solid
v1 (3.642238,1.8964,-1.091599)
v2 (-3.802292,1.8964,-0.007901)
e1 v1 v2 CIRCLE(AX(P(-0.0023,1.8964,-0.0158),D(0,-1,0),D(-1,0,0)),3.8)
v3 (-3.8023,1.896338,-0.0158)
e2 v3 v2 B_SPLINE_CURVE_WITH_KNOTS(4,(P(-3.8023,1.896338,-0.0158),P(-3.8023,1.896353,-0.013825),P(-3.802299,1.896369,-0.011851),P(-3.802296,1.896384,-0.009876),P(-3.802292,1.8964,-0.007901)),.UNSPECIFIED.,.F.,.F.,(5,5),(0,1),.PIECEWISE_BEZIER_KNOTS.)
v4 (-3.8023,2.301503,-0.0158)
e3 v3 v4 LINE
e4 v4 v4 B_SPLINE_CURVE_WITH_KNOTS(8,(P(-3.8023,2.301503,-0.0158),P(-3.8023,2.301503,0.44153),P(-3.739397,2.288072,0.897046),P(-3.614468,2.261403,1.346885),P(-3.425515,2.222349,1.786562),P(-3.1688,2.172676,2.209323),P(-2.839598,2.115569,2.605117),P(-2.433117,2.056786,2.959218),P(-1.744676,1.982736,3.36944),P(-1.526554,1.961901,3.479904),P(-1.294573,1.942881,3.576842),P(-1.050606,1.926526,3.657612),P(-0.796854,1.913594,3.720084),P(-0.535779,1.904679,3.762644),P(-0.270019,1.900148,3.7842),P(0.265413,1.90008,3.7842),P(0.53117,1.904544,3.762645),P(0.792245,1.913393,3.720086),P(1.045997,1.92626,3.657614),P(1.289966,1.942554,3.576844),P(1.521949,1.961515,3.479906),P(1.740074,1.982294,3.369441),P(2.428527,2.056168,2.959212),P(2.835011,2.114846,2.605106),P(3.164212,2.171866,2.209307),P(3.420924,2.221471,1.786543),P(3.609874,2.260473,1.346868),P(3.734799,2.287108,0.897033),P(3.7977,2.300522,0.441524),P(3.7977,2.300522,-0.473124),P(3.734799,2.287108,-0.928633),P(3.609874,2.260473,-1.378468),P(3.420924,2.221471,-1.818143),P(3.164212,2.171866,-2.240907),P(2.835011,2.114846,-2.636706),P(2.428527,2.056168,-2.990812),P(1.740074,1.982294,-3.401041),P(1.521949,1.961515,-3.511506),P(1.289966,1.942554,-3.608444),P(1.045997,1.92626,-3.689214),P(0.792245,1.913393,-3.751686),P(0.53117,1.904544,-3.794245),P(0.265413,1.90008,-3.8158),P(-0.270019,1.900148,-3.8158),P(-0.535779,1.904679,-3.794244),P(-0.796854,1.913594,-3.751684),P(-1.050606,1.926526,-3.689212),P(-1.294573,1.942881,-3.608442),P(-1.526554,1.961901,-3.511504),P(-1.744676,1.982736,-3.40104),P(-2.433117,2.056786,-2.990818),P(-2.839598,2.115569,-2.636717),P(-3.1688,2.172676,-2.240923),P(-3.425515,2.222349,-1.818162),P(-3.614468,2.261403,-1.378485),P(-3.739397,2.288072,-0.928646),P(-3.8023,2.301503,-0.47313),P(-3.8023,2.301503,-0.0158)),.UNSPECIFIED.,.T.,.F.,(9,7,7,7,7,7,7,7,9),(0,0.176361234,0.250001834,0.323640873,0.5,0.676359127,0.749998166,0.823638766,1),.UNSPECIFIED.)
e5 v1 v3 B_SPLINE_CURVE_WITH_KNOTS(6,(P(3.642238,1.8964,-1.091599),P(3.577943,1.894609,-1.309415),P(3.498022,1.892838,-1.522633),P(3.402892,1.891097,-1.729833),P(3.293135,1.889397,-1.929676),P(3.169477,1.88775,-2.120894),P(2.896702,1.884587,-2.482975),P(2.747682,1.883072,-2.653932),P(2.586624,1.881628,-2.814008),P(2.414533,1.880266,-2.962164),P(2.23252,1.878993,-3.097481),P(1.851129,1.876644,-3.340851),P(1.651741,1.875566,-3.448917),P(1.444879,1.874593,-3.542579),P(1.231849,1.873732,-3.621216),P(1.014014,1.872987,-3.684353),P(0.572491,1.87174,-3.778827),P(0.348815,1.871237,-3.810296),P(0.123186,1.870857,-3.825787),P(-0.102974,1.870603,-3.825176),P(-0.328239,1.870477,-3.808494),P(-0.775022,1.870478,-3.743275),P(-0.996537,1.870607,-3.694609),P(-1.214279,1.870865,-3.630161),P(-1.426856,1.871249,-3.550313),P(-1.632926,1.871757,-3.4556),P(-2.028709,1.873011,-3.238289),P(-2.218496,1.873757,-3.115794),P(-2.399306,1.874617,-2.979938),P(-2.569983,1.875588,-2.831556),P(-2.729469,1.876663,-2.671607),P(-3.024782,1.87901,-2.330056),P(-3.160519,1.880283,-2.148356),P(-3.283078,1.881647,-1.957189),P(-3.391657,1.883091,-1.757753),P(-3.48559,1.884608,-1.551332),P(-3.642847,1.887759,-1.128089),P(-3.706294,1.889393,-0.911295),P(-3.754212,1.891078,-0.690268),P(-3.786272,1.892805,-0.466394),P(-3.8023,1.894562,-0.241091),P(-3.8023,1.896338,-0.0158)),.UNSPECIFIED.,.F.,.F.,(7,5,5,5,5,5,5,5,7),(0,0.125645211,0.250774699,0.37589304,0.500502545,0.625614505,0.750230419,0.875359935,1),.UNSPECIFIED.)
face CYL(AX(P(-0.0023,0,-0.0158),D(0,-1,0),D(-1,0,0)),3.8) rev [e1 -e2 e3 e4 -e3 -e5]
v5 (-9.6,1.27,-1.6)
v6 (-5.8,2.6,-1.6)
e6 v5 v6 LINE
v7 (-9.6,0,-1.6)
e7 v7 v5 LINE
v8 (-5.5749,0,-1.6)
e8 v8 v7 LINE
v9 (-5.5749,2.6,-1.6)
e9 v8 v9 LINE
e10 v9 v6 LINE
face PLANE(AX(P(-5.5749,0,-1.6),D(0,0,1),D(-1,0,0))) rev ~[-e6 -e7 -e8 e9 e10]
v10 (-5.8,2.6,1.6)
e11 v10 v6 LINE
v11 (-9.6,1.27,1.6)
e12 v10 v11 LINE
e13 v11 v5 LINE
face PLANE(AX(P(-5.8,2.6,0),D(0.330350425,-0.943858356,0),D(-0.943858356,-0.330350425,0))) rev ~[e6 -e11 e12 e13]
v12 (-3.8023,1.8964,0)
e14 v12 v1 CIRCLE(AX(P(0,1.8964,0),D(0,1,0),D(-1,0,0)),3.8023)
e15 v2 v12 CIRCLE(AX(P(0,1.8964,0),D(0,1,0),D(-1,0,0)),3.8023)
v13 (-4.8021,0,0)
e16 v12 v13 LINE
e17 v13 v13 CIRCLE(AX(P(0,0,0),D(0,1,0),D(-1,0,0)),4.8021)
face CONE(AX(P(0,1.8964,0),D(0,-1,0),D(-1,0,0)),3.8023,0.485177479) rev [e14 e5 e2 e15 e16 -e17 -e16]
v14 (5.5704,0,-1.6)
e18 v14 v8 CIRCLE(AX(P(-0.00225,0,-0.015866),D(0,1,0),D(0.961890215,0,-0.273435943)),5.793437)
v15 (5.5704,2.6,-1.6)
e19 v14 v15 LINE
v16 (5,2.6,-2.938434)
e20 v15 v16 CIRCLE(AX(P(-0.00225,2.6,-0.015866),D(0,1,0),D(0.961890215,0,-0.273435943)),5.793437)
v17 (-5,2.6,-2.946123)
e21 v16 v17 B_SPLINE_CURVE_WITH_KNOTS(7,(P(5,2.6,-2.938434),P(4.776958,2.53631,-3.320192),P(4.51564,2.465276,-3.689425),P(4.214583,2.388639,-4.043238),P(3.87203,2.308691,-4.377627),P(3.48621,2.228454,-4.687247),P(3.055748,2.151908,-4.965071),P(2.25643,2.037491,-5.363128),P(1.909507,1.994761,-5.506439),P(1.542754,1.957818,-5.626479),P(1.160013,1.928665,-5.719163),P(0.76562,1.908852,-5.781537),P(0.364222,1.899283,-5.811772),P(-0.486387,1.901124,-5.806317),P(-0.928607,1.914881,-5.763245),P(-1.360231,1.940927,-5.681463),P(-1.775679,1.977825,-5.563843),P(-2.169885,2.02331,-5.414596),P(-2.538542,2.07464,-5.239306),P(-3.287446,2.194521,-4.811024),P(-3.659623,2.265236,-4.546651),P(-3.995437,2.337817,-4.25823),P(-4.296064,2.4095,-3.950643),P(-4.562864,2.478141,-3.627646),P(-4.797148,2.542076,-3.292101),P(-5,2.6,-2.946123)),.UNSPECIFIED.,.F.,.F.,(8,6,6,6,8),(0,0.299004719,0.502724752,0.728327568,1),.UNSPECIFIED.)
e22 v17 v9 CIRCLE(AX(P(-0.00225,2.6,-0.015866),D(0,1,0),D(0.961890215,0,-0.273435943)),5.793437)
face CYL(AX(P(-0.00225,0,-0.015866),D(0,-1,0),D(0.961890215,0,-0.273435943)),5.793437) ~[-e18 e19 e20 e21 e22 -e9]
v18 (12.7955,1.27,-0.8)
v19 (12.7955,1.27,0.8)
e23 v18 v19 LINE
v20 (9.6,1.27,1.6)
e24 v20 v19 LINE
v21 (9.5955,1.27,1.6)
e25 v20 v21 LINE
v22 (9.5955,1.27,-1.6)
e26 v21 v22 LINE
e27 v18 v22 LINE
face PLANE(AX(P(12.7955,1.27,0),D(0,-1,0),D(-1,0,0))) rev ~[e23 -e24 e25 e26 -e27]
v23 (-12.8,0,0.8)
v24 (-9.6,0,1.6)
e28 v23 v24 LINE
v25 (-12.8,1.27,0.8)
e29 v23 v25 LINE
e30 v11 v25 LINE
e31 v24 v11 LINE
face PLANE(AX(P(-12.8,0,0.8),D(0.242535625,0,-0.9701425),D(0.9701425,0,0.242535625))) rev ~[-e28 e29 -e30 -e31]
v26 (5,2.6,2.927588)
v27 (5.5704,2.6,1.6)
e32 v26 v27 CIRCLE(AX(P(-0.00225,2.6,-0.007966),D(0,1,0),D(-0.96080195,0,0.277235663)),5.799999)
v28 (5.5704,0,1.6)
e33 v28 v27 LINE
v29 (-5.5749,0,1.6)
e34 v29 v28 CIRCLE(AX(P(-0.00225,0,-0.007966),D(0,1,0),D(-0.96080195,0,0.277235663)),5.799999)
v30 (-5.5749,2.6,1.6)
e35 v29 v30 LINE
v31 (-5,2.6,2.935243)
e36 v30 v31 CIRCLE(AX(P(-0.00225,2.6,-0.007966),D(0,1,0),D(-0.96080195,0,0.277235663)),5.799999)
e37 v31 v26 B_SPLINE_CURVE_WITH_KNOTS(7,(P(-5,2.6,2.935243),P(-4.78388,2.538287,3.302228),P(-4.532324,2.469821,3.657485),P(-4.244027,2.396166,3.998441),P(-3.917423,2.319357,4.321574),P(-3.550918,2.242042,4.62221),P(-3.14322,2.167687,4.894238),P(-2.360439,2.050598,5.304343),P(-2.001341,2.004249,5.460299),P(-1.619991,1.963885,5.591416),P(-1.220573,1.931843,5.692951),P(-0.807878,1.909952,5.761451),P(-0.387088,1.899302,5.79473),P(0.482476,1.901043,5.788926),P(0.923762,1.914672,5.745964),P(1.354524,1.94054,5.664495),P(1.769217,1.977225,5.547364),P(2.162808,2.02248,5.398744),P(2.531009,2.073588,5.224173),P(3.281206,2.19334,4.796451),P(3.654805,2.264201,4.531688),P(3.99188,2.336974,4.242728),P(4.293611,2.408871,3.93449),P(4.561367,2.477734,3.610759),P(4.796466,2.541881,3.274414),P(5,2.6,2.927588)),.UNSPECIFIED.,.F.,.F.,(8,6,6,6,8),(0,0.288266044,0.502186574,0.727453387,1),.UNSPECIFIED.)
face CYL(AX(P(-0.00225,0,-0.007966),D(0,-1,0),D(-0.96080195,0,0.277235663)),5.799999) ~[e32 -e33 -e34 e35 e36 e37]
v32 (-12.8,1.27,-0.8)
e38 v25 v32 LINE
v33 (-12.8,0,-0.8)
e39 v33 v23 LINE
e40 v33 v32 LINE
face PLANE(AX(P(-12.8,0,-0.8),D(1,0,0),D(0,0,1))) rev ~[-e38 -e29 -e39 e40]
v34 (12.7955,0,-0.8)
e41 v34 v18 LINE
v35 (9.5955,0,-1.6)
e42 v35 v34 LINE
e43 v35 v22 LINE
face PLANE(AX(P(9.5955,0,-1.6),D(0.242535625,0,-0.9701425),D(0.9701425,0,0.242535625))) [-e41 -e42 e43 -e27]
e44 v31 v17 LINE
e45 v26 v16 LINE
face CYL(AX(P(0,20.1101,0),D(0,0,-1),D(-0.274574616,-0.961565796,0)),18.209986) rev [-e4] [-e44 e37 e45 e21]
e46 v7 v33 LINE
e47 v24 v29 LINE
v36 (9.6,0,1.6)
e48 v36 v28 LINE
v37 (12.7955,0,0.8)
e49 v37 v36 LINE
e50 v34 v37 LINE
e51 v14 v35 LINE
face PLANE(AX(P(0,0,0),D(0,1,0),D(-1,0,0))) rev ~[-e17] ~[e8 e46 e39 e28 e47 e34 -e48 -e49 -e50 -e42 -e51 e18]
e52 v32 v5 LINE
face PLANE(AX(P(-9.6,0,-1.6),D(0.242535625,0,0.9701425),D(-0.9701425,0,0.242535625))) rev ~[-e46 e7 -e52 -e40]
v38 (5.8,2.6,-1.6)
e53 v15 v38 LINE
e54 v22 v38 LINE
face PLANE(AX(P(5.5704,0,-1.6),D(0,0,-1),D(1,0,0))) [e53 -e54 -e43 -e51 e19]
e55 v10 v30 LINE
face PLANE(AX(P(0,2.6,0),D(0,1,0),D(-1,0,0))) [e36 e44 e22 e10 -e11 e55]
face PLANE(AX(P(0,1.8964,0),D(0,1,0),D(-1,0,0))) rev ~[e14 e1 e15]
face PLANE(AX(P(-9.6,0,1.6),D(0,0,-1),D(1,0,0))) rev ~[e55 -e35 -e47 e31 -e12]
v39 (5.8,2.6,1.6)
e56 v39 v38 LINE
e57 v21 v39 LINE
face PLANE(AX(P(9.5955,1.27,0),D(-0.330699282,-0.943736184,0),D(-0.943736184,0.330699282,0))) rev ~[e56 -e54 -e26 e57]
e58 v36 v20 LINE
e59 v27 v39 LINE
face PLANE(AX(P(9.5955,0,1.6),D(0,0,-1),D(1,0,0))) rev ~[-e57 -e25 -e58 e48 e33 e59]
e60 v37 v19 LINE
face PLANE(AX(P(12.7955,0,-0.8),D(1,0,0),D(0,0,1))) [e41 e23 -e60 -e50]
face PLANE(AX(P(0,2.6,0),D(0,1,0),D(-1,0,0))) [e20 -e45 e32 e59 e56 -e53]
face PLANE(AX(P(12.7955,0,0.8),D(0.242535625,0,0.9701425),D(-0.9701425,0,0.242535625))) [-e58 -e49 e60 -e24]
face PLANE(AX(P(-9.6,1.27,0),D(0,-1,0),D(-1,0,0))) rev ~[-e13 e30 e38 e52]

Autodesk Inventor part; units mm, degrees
ref_plane "YZ Plane" through (0, 0, 0) normal (1, 0, 0) x (0, 1, 0)
ref_plane "XZ Plane" through (0, 0, 0) normal (0, 1, 0) x (-1, 0, 0)
ref_plane "XY Plane" through (0, 0, 0) normal (0, 0, 1) x (1, 0, 0)
sketch "Sketch1" plane through (0, 0, 0) normal (0, 1, 0) x (-1, 0, 0)
  circle A0 centre (0, 0) radius 4.8
  line L0 (5.5749, -1.6) -> (9.6, -1.6)
  line L1 (9.6, -1.6) -> (12.8, -0.8)
  line L2 (12.8, -0.8) -> (12.8, 0.8)
  line L3 (12.8, 0.8) -> (9.6, 1.6)
  line L4 (9.6, 1.6) -> (5.5749, 1.6)
  arc A1 (5.5749, 1.6) -> (-5.5704, 1.6) centre (0.0023, -0.0079) ccw
  line L5 (-5.5704, 1.6) -> (-9.6, 1.6)
  line L6 (-5.5704, -1.6) -> (-9.5955, -1.6)
  line L7 (-9.5955, -1.6) -> (-12.7955, -0.8)
  line L8 (-12.7955, -0.8) -> (-12.7955, 0.8)
  line L9 (-12.7955, 0.8) -> (-9.5955, 1.6)
  line L10 (-9.5955, 1.6) -> (-5.5704, 1.6)
  arc A2 (-5.5704, -1.6) -> (5.5749, -1.6) centre (0.0023, -0.0158) ccw
  circle A3 centre (0.0023, -0.0158) radius 3.8
  point P0 (-9.6, -1.207)
  dimension "d0" = 9.6
  dimension "d9" = 7.6
extrude "Extrusion1" add sketch "Sketch1" along normal blind 2.6 contours A0 | A2 L6 L7 L8 L9 L5 A1 L4 L3 L2 L1 L0
sketch "Sketch16" plane through (0, 0, 0) normal (0, 0, 1) x (1, 0, 0)
  line L0 (12.7955, 0) -> (12.7955, 2.6) projected
  line L1 (12.7955, 1.27) -> (9.5955, 1.27)
  line L2 (9.5955, 0) -> (9.5955, 2.6) projected
  line L3 (9.5955, 1.27) -> (5.8, 2.6)
  arc A0 (-5, 2.6) -> (5, 2.6) centre (0, 20.1101) ccw
  line L4 (-9.6, 0) -> (-9.6, 2.6) projected
  line L5 (12.7955, 1.27) -> (12.7955, 5.6941)
  line L6 (-12.8, 0) -> (-12.8, 2.6) projected
  line L7 (-12.8, 1.27) -> (-12.8, 6.6119)
  line L8 (-12.8, 6.6119) -> (12.7955, 5.6941)
  line L9 (5.8, 2.6) -> (5, 2.6)
  line L10 (-5, 2.6) -> (-5.8, 2.6)
  line L11 (-5.8, 2.6) -> (-9.6, 1.27)
  line L12 (-9.6, 1.27) -> (-12.8, 1.27)
  line L13 (9.5955, 1.27) -> (5.8, 2.6)
  line L14 (9.5955, 1.27) -> (5.8, 2.6)
  line L15 (5.8, 2.6) -> (5, 2.6)
  point P0 (0, 0)
  dimension "d5" = 10
  dimension "d6" = 18.21
extrude "Extrusion3" cut sketch "Sketch16" along normal mid plane 12
sketch "Sketch17" plane through (0, 0, 0) normal (0, 0, 1) x (1, 0, 0)
  point P0 (0, 0)
sketch "Sketch18" plane through (0, 0, 0) normal (0, 0, 1) x (1, 0, 0)
  line L0 (-3.8023, 0) -> (-3.8023, 2.3015) projected
  line L1 (-3.8023, 1.8964) -> (0, 1.8964)
  line L2 (3.7977, 0) -> (3.7977, 2.3005) projected
  line L3 (-5.5749, 0) -> (5.5704, 0) projected
  line L4 (3.7977, 1.8964) -> (5.9415, 1.8964) construction
  line L5 (-3.8023, 1.8964) -> (-4.8021, 0)
  line L6 (-3.8023, 1.8964) -> (-1.6585, 1.8964) construction
  line L7 (0, 0) -> (0, 1.9)
  line L8 (0, 0) -> (-4.8021, 0)
  dimension "d11" = 117.8
revolve "Revolution1" cut sketch "Sketch18" angle 360 about axis through (0, 0, 0) along (0, 1, 0)
properties part number "HeadBar" material "Titanium"
